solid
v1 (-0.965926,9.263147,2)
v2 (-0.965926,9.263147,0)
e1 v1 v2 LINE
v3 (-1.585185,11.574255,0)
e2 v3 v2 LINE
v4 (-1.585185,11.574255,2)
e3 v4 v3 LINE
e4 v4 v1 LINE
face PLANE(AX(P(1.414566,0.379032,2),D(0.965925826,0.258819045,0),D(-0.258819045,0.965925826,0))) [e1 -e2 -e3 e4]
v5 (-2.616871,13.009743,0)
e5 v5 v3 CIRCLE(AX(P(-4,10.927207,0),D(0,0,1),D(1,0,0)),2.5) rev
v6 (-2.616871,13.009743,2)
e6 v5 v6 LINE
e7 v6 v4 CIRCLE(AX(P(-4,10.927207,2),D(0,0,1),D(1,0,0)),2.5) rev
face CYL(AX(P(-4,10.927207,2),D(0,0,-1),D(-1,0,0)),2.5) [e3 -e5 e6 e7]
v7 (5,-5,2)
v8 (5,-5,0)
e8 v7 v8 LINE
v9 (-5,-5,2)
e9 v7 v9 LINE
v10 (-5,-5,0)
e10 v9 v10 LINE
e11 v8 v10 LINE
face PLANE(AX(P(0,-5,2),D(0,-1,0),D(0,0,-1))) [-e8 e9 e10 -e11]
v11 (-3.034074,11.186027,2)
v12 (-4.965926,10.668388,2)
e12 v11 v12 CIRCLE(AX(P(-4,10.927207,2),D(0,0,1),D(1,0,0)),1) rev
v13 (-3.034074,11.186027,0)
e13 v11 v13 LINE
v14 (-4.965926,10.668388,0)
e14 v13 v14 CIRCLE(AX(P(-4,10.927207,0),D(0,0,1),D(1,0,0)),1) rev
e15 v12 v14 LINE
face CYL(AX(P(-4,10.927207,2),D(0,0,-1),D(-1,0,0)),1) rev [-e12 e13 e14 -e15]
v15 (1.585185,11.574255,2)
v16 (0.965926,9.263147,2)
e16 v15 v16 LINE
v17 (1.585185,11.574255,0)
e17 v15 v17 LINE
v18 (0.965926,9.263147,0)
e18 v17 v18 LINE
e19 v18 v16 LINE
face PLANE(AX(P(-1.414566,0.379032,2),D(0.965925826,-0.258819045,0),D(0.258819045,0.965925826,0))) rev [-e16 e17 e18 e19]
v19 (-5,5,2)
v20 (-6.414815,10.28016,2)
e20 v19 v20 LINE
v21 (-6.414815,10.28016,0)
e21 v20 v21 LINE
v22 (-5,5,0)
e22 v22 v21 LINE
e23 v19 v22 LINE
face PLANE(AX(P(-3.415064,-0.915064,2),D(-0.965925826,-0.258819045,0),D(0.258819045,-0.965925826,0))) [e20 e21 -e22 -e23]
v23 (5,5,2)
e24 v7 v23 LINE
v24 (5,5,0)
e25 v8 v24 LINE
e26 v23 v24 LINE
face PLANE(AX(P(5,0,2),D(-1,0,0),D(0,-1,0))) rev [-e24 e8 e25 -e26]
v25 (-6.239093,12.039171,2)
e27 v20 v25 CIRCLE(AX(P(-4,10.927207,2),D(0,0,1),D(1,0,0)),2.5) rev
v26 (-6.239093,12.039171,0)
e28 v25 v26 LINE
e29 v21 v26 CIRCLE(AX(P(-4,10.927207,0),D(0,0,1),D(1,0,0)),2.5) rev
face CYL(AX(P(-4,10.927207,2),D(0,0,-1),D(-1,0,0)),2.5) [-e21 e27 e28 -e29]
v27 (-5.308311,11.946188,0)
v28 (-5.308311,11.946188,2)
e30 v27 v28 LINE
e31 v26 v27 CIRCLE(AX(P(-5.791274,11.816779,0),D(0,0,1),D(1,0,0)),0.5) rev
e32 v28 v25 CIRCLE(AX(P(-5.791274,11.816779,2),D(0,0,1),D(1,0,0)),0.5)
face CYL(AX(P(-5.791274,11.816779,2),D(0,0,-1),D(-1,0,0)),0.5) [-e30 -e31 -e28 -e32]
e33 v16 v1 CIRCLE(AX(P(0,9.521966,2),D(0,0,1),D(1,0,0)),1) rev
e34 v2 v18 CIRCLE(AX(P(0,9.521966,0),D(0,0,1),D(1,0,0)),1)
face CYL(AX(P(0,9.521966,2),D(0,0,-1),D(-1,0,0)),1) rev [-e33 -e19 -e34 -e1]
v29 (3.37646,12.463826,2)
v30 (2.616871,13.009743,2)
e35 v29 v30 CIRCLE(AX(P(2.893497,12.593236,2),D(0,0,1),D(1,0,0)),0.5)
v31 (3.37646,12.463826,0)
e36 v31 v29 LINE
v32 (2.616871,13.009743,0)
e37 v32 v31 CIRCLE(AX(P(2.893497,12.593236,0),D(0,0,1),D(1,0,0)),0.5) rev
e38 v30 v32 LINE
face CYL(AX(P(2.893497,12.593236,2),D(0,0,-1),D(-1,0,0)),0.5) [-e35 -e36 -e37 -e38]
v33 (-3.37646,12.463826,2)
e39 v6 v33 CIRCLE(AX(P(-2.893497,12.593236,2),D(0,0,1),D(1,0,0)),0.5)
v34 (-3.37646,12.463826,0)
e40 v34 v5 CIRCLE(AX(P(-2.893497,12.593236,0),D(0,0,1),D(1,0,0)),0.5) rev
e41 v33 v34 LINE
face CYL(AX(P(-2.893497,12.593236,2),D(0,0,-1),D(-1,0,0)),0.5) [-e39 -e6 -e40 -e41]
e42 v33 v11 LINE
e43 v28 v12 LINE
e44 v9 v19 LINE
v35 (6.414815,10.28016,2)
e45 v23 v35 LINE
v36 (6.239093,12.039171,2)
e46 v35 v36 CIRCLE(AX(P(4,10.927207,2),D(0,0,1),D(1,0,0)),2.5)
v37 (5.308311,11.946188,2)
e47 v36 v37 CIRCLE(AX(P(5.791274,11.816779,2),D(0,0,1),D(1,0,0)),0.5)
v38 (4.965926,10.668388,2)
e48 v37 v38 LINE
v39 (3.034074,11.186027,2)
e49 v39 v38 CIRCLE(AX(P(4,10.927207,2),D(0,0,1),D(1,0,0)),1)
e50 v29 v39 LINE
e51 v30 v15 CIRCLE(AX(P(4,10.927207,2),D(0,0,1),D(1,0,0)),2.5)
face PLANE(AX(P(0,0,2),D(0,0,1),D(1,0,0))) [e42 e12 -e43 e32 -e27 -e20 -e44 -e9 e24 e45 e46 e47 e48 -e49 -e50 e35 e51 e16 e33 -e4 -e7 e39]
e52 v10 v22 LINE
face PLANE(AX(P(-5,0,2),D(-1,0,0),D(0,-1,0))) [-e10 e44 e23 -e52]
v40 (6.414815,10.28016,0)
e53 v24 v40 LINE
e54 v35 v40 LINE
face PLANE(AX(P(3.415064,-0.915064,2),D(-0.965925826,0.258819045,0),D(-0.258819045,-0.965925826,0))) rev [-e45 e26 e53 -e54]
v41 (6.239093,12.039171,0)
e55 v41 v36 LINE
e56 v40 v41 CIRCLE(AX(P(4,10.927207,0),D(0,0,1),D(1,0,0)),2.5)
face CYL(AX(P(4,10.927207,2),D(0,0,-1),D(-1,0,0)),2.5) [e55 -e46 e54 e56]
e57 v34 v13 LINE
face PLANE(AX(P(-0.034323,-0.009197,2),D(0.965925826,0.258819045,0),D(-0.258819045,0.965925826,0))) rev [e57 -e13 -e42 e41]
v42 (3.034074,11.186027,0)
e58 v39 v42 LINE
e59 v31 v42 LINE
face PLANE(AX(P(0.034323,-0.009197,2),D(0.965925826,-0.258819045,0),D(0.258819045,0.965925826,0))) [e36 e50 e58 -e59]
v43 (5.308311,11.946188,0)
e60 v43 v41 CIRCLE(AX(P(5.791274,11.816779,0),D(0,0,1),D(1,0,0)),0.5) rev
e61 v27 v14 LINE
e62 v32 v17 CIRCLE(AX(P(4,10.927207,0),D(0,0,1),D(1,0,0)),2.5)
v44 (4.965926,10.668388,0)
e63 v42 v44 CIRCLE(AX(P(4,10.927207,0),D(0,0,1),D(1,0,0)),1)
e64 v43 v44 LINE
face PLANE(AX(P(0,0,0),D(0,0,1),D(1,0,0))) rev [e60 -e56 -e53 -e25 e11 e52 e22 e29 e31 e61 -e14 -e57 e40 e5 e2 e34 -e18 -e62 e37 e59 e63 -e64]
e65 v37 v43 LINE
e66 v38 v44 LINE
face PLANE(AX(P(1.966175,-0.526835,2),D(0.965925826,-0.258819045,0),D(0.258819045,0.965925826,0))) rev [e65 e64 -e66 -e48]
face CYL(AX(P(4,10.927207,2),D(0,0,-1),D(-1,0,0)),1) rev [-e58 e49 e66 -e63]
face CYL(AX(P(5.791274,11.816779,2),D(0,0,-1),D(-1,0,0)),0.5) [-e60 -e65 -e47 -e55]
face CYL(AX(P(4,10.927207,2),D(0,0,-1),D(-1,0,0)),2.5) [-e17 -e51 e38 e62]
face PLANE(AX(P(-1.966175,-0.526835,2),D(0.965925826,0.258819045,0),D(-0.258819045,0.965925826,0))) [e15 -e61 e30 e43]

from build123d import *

# Parameters (mm, degrees)
BOSS_EXTRUDE1_DEPTH = 2
FILLET1_R           = 0.5
FILLET2_R           = 1


with BuildPart() as part:
    # Sketch1 → Boss-Extrude1 (new body)
    with BuildSketch(Plane.XY):
        with BuildLine():
            Line((-6.414814566, 10.280159843), (-5, 5))
            Line((-5, 5), (-5, -5))
            Line((-5, -5), (5, -5))
            Line((5, -5), (5, 5))
            Line((5, 5), (6.414814566, 10.280159843))
            ThreePointArc((6.414814566, 10.280159843), (6.374781392, 11.708496992), (5.558954759, 12.881602518))
            Line((5.558954759, 12.881602518), (4.965925826, 10.66838841))
            ThreePointArc((4.965925826, 10.66838841), (3.741180955, 9.961281629), (3.034074174, 11.1860265))
            Line((3.034074174, 11.1860265), (3.627103106, 13.399240608))
            ThreePointArc((3.627103106, 13.399240608), (2.334023755, 12.791214738), (1.585185434, 11.574255068))
            Line((1.585185434, 11.574255068), (0, 5.658262488))
            Line((0, 5.658262488), (-1.585185434, 11.574255068))
            ThreePointArc((-1.585185434, 11.574255068), (-2.334023755, 12.791214738), (-3.627103106, 13.399240608))
            Line((-3.627103106, 13.399240608), (-3.034074174, 11.1860265))
            ThreePointArc((-3.034074174, 11.1860265), (-3.741180955, 9.961281629), (-4.965925826, 10.66838841))
            Line((-4.965925826, 10.66838841), (-5.558954759, 12.881602518))
            ThreePointArc((-5.558954759, 12.881602518), (-6.374781392, 11.708496992), (-6.414814566, 10.280159843))
        make_face()
    extrude(amount=BOSS_EXTRUDE1_DEPTH)

    # Fillet1
    fillet1_edges = [part.edges().sort_by_distance(p)[0] for p in [
        (5.558954759, 12.881602518, 1),
        (-5.558954759, 12.881602518, 1),
        (-3.627103106, 13.399240608, 1),
        (3.627103106, 13.399240608, 1),
    ]]
    fillet(fillet1_edges, radius=FILLET1_R)

    # Fillet2
    fillet2_edges = [part.edges().sort_by_distance(p)[0] for p in [
        (0, 5.658262488, 1),
    ]]
    fillet(fillet2_edges, radius=FILLET2_R)


solid = part.part
